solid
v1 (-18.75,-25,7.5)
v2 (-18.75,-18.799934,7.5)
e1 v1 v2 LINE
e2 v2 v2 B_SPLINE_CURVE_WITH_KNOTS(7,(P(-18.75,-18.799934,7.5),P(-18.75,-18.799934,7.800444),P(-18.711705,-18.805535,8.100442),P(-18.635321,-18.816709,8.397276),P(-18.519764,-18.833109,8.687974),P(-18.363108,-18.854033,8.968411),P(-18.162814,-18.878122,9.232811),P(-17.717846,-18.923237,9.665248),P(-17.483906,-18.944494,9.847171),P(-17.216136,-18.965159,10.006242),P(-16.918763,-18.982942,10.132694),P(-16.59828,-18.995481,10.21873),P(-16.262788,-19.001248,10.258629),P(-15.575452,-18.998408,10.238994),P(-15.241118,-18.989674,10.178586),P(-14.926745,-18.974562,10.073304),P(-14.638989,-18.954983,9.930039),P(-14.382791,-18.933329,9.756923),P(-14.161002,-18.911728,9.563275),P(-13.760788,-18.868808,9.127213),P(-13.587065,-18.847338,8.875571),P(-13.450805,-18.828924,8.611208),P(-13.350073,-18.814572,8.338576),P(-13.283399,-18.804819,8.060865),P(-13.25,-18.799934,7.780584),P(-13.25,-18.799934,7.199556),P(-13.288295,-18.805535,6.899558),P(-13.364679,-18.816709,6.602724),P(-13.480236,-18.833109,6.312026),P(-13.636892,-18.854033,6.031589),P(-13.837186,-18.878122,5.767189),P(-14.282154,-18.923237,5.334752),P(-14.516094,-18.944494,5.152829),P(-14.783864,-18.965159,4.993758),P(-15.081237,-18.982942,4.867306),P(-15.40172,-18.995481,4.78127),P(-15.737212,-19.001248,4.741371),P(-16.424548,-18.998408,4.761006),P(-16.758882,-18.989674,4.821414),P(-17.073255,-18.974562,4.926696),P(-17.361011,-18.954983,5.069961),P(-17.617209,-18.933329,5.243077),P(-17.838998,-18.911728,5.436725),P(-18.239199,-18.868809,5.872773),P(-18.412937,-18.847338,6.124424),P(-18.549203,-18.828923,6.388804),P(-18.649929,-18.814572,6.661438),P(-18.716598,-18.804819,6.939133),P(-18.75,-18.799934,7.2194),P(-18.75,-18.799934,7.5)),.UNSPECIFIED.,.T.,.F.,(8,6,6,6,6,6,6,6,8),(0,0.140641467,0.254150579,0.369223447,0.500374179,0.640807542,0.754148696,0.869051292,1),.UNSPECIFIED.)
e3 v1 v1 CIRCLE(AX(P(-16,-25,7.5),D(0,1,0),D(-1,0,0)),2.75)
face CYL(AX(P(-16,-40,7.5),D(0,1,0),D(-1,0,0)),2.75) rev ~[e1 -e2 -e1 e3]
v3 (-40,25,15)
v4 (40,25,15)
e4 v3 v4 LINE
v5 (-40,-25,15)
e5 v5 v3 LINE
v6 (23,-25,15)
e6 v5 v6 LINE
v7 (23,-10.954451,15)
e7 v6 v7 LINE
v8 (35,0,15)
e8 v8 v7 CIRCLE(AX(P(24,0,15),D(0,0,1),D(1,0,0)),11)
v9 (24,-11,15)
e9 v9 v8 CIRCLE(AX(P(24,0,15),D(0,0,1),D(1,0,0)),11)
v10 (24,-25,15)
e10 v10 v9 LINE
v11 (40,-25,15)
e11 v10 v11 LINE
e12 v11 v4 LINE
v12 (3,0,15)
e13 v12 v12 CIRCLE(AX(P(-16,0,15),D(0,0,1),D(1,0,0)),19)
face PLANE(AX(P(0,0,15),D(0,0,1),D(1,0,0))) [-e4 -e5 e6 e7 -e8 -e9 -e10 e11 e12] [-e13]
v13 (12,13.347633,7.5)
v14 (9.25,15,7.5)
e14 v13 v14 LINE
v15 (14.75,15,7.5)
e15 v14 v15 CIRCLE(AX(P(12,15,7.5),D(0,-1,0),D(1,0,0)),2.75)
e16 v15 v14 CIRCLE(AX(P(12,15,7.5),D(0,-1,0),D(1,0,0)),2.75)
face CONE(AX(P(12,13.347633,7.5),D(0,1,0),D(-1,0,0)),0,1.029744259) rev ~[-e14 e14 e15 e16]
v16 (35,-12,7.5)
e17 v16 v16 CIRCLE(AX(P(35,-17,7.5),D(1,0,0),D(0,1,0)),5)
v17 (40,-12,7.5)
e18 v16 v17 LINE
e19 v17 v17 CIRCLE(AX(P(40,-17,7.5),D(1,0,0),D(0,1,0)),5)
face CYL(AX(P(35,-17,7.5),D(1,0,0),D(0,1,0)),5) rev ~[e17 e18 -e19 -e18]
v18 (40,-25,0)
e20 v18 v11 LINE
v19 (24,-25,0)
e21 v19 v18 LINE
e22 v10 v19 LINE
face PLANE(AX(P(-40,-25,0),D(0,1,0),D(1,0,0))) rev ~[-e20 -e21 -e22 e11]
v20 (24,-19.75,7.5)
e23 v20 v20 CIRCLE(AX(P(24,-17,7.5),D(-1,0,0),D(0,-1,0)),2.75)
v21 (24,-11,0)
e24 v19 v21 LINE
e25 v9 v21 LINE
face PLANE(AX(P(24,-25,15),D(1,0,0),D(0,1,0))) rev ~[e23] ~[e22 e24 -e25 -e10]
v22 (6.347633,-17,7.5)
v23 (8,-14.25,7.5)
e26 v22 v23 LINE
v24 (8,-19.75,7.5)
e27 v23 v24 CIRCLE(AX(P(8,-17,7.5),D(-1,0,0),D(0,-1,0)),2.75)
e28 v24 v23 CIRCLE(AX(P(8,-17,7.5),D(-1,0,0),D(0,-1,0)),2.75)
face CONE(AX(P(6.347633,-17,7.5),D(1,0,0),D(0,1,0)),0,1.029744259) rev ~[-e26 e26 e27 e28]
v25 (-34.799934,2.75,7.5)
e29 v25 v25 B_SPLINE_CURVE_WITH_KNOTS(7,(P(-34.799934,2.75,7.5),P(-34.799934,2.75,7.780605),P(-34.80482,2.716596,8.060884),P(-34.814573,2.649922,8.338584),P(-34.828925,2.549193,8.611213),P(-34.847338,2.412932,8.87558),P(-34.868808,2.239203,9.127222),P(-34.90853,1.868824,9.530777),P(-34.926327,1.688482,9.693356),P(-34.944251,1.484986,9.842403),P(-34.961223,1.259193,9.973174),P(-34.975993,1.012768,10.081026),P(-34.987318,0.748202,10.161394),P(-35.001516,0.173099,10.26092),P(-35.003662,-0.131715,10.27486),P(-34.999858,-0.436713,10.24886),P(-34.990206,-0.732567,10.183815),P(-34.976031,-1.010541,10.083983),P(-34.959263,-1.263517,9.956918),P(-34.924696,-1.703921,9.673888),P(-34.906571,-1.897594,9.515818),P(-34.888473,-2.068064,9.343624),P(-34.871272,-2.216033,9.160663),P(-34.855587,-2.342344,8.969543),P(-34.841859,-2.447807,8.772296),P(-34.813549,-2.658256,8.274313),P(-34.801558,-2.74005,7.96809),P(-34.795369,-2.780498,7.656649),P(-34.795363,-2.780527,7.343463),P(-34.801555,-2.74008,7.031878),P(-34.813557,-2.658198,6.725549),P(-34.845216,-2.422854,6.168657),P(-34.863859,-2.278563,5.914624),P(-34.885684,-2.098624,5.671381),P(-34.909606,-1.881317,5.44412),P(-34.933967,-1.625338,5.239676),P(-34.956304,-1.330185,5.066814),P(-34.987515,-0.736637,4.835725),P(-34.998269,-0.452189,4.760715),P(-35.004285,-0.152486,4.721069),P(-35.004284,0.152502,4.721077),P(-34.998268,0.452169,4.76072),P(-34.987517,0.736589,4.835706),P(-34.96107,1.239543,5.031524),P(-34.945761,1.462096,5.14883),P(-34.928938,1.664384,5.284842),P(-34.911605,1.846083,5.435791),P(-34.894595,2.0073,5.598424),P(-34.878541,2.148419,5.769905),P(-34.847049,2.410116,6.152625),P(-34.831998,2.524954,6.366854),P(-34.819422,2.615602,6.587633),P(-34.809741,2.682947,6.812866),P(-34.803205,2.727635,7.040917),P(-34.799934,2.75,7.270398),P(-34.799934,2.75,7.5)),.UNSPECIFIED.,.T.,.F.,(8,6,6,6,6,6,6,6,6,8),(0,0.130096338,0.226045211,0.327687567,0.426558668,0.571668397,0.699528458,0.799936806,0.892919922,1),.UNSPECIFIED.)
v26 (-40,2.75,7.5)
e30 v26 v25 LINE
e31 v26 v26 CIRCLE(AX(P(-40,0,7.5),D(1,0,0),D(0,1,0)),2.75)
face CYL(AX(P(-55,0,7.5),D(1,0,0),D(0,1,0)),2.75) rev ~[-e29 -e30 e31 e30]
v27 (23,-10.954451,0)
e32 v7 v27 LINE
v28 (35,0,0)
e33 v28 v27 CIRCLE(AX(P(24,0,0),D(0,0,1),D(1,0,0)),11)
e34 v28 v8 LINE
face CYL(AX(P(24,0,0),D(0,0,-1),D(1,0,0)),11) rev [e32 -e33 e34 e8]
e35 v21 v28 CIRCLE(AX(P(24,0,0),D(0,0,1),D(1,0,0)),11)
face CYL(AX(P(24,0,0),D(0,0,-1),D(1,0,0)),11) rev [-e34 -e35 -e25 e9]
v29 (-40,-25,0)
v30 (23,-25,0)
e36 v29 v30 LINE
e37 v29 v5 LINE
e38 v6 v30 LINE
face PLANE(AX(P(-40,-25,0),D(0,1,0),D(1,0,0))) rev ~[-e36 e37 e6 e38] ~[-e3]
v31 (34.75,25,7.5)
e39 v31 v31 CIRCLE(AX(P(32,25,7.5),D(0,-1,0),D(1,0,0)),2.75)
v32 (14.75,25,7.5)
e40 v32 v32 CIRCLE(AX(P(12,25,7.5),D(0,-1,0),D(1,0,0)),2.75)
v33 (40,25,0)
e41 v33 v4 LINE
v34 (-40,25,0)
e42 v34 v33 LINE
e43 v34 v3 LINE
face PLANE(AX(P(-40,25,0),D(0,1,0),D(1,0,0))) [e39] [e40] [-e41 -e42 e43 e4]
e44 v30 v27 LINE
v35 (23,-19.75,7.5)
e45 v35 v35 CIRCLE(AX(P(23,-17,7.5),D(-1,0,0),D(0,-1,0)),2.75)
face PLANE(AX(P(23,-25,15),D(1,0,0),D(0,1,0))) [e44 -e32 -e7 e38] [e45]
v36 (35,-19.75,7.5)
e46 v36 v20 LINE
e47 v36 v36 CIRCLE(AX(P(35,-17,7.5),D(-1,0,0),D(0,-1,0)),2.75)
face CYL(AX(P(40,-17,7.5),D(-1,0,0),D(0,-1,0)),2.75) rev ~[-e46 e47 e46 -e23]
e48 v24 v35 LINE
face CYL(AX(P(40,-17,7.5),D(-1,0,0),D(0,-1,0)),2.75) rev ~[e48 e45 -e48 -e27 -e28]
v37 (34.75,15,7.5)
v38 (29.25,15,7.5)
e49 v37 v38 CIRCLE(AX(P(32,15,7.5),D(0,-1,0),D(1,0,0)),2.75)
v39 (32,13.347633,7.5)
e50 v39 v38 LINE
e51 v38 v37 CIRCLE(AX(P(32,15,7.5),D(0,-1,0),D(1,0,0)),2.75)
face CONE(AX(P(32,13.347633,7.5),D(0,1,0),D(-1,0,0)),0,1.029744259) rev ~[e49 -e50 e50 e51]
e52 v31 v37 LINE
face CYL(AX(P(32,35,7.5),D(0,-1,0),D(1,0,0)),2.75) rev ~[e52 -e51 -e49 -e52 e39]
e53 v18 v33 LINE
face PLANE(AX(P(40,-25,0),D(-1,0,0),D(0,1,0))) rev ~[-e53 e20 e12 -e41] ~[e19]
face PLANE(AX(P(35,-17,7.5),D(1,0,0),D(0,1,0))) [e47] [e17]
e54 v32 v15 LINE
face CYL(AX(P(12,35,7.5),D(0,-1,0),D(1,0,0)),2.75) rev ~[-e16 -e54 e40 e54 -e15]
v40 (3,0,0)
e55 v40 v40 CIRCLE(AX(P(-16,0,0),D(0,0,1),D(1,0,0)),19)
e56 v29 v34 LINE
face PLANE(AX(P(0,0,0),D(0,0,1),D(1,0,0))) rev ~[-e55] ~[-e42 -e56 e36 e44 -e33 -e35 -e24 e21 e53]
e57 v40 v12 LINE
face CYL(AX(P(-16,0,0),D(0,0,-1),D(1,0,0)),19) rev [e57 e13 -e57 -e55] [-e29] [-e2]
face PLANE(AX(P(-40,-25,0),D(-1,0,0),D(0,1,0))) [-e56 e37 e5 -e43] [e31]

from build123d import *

# Parameters (mm, degrees)
F0_W           = 80
F0_H           = 50
F0_R           = 19
F0_R_2         = 11
F1_DEPTH       = 15
F2_W           = 1
F2_H           = 15
F3_DEPTH       = 25
F5_D           = 5.5
F5_DEPTH       = 18
F5_CBORE_D     = 10
F5_CBORE_DEPTH = 5
F5_TIP         = 1.6523667023
F7_D           = 5.5
F7_DEPTH       = 15
F7_TIP         = 1.6523667023
F9_D           = 5.5
F9_DEPTH       = 15
F9_TIP         = 1.6523667023
F11_D          = 5.5
F11_DEPTH      = 15
F11_TIP        = 1.6523667023
F13_D          = 5.5
F13_DEPTH      = 10
F13_TIP        = 1.6523667023


with BuildPart() as f1:
    # F0 (on Top) → F1 (new body)
    with BuildSketch(Plane.XY):
        Rectangle(F0_W, F0_H)
        with Locations((-16, 0)):
            Circle(F0_R, mode=Mode.SUBTRACT)
        with Locations((24, 0)):
            Circle(F0_R_2, mode=Mode.SUBTRACT)
    extrude(amount=F1_DEPTH)

    # F2 (on face) → F3 (cut)
    with BuildSketch(Plane.XY.offset(15)):
        with Locations((23.5, -17.5)):
            Rectangle(F2_W, F2_H)
    extrude(amount=-F3_DEPTH, mode=Mode.SUBTRACT)

    # F5
    with Locations(Plane.YZ.offset(40)):
        with Locations((-17, 7.5)):
            CounterBoreHole(F5_D / 2, F5_CBORE_D / 2, F5_CBORE_DEPTH, depth=F5_DEPTH)
            with Locations((0, 0, -(F5_DEPTH + F5_TIP / 2))):  # 118° drill point
                Cone(0, F5_D / 2, F5_TIP, mode=Mode.SUBTRACT)

    # F7
    with Locations(Plane.YZ.offset(23)):
        with Locations((-17, 7.5)):
            Hole(F7_D / 2, depth=F7_DEPTH)
            with Locations((0, 0, -(F7_DEPTH + F7_TIP / 2))):  # 118° drill point
                Cone(0, F7_D / 2, F7_TIP, mode=Mode.SUBTRACT)

    # F9
    with Locations(Plane.XZ.offset(25)):
        with Locations((-16, 7.5)):
            Hole(F9_D / 2, depth=F9_DEPTH)
            with Locations((0, 0, -(F9_DEPTH + F9_TIP / 2))):  # 118° drill point
                Cone(0, F9_D / 2, F9_TIP, mode=Mode.SUBTRACT)

    # F11
    with Locations(Plane(origin=(-40, 0, 0), x_dir=(0, -1, 0), z_dir=(-1, 0, 0))):
        with Locations((0, 7.5)):
            Hole(F11_D / 2, depth=F11_DEPTH)
            with Locations((0, 0, -(F11_DEPTH + F11_TIP / 2))):  # 118° drill point
                Cone(0, F11_D / 2, F11_TIP, mode=Mode.SUBTRACT)

    # F13
    with Locations(Plane(origin=(0, 25, 0), x_dir=(-1, 0, 0), z_dir=(0, 1, 0))):
        with Locations((-32, 7.5), (-12, 7.5)):
            Hole(F13_D / 2, depth=F13_DEPTH)
            with Locations((0, 0, -(F13_DEPTH + F13_TIP / 2))):  # 118° drill point
                Cone(0, F13_D / 2, F13_TIP, mode=Mode.SUBTRACT)


solid = f1.part
